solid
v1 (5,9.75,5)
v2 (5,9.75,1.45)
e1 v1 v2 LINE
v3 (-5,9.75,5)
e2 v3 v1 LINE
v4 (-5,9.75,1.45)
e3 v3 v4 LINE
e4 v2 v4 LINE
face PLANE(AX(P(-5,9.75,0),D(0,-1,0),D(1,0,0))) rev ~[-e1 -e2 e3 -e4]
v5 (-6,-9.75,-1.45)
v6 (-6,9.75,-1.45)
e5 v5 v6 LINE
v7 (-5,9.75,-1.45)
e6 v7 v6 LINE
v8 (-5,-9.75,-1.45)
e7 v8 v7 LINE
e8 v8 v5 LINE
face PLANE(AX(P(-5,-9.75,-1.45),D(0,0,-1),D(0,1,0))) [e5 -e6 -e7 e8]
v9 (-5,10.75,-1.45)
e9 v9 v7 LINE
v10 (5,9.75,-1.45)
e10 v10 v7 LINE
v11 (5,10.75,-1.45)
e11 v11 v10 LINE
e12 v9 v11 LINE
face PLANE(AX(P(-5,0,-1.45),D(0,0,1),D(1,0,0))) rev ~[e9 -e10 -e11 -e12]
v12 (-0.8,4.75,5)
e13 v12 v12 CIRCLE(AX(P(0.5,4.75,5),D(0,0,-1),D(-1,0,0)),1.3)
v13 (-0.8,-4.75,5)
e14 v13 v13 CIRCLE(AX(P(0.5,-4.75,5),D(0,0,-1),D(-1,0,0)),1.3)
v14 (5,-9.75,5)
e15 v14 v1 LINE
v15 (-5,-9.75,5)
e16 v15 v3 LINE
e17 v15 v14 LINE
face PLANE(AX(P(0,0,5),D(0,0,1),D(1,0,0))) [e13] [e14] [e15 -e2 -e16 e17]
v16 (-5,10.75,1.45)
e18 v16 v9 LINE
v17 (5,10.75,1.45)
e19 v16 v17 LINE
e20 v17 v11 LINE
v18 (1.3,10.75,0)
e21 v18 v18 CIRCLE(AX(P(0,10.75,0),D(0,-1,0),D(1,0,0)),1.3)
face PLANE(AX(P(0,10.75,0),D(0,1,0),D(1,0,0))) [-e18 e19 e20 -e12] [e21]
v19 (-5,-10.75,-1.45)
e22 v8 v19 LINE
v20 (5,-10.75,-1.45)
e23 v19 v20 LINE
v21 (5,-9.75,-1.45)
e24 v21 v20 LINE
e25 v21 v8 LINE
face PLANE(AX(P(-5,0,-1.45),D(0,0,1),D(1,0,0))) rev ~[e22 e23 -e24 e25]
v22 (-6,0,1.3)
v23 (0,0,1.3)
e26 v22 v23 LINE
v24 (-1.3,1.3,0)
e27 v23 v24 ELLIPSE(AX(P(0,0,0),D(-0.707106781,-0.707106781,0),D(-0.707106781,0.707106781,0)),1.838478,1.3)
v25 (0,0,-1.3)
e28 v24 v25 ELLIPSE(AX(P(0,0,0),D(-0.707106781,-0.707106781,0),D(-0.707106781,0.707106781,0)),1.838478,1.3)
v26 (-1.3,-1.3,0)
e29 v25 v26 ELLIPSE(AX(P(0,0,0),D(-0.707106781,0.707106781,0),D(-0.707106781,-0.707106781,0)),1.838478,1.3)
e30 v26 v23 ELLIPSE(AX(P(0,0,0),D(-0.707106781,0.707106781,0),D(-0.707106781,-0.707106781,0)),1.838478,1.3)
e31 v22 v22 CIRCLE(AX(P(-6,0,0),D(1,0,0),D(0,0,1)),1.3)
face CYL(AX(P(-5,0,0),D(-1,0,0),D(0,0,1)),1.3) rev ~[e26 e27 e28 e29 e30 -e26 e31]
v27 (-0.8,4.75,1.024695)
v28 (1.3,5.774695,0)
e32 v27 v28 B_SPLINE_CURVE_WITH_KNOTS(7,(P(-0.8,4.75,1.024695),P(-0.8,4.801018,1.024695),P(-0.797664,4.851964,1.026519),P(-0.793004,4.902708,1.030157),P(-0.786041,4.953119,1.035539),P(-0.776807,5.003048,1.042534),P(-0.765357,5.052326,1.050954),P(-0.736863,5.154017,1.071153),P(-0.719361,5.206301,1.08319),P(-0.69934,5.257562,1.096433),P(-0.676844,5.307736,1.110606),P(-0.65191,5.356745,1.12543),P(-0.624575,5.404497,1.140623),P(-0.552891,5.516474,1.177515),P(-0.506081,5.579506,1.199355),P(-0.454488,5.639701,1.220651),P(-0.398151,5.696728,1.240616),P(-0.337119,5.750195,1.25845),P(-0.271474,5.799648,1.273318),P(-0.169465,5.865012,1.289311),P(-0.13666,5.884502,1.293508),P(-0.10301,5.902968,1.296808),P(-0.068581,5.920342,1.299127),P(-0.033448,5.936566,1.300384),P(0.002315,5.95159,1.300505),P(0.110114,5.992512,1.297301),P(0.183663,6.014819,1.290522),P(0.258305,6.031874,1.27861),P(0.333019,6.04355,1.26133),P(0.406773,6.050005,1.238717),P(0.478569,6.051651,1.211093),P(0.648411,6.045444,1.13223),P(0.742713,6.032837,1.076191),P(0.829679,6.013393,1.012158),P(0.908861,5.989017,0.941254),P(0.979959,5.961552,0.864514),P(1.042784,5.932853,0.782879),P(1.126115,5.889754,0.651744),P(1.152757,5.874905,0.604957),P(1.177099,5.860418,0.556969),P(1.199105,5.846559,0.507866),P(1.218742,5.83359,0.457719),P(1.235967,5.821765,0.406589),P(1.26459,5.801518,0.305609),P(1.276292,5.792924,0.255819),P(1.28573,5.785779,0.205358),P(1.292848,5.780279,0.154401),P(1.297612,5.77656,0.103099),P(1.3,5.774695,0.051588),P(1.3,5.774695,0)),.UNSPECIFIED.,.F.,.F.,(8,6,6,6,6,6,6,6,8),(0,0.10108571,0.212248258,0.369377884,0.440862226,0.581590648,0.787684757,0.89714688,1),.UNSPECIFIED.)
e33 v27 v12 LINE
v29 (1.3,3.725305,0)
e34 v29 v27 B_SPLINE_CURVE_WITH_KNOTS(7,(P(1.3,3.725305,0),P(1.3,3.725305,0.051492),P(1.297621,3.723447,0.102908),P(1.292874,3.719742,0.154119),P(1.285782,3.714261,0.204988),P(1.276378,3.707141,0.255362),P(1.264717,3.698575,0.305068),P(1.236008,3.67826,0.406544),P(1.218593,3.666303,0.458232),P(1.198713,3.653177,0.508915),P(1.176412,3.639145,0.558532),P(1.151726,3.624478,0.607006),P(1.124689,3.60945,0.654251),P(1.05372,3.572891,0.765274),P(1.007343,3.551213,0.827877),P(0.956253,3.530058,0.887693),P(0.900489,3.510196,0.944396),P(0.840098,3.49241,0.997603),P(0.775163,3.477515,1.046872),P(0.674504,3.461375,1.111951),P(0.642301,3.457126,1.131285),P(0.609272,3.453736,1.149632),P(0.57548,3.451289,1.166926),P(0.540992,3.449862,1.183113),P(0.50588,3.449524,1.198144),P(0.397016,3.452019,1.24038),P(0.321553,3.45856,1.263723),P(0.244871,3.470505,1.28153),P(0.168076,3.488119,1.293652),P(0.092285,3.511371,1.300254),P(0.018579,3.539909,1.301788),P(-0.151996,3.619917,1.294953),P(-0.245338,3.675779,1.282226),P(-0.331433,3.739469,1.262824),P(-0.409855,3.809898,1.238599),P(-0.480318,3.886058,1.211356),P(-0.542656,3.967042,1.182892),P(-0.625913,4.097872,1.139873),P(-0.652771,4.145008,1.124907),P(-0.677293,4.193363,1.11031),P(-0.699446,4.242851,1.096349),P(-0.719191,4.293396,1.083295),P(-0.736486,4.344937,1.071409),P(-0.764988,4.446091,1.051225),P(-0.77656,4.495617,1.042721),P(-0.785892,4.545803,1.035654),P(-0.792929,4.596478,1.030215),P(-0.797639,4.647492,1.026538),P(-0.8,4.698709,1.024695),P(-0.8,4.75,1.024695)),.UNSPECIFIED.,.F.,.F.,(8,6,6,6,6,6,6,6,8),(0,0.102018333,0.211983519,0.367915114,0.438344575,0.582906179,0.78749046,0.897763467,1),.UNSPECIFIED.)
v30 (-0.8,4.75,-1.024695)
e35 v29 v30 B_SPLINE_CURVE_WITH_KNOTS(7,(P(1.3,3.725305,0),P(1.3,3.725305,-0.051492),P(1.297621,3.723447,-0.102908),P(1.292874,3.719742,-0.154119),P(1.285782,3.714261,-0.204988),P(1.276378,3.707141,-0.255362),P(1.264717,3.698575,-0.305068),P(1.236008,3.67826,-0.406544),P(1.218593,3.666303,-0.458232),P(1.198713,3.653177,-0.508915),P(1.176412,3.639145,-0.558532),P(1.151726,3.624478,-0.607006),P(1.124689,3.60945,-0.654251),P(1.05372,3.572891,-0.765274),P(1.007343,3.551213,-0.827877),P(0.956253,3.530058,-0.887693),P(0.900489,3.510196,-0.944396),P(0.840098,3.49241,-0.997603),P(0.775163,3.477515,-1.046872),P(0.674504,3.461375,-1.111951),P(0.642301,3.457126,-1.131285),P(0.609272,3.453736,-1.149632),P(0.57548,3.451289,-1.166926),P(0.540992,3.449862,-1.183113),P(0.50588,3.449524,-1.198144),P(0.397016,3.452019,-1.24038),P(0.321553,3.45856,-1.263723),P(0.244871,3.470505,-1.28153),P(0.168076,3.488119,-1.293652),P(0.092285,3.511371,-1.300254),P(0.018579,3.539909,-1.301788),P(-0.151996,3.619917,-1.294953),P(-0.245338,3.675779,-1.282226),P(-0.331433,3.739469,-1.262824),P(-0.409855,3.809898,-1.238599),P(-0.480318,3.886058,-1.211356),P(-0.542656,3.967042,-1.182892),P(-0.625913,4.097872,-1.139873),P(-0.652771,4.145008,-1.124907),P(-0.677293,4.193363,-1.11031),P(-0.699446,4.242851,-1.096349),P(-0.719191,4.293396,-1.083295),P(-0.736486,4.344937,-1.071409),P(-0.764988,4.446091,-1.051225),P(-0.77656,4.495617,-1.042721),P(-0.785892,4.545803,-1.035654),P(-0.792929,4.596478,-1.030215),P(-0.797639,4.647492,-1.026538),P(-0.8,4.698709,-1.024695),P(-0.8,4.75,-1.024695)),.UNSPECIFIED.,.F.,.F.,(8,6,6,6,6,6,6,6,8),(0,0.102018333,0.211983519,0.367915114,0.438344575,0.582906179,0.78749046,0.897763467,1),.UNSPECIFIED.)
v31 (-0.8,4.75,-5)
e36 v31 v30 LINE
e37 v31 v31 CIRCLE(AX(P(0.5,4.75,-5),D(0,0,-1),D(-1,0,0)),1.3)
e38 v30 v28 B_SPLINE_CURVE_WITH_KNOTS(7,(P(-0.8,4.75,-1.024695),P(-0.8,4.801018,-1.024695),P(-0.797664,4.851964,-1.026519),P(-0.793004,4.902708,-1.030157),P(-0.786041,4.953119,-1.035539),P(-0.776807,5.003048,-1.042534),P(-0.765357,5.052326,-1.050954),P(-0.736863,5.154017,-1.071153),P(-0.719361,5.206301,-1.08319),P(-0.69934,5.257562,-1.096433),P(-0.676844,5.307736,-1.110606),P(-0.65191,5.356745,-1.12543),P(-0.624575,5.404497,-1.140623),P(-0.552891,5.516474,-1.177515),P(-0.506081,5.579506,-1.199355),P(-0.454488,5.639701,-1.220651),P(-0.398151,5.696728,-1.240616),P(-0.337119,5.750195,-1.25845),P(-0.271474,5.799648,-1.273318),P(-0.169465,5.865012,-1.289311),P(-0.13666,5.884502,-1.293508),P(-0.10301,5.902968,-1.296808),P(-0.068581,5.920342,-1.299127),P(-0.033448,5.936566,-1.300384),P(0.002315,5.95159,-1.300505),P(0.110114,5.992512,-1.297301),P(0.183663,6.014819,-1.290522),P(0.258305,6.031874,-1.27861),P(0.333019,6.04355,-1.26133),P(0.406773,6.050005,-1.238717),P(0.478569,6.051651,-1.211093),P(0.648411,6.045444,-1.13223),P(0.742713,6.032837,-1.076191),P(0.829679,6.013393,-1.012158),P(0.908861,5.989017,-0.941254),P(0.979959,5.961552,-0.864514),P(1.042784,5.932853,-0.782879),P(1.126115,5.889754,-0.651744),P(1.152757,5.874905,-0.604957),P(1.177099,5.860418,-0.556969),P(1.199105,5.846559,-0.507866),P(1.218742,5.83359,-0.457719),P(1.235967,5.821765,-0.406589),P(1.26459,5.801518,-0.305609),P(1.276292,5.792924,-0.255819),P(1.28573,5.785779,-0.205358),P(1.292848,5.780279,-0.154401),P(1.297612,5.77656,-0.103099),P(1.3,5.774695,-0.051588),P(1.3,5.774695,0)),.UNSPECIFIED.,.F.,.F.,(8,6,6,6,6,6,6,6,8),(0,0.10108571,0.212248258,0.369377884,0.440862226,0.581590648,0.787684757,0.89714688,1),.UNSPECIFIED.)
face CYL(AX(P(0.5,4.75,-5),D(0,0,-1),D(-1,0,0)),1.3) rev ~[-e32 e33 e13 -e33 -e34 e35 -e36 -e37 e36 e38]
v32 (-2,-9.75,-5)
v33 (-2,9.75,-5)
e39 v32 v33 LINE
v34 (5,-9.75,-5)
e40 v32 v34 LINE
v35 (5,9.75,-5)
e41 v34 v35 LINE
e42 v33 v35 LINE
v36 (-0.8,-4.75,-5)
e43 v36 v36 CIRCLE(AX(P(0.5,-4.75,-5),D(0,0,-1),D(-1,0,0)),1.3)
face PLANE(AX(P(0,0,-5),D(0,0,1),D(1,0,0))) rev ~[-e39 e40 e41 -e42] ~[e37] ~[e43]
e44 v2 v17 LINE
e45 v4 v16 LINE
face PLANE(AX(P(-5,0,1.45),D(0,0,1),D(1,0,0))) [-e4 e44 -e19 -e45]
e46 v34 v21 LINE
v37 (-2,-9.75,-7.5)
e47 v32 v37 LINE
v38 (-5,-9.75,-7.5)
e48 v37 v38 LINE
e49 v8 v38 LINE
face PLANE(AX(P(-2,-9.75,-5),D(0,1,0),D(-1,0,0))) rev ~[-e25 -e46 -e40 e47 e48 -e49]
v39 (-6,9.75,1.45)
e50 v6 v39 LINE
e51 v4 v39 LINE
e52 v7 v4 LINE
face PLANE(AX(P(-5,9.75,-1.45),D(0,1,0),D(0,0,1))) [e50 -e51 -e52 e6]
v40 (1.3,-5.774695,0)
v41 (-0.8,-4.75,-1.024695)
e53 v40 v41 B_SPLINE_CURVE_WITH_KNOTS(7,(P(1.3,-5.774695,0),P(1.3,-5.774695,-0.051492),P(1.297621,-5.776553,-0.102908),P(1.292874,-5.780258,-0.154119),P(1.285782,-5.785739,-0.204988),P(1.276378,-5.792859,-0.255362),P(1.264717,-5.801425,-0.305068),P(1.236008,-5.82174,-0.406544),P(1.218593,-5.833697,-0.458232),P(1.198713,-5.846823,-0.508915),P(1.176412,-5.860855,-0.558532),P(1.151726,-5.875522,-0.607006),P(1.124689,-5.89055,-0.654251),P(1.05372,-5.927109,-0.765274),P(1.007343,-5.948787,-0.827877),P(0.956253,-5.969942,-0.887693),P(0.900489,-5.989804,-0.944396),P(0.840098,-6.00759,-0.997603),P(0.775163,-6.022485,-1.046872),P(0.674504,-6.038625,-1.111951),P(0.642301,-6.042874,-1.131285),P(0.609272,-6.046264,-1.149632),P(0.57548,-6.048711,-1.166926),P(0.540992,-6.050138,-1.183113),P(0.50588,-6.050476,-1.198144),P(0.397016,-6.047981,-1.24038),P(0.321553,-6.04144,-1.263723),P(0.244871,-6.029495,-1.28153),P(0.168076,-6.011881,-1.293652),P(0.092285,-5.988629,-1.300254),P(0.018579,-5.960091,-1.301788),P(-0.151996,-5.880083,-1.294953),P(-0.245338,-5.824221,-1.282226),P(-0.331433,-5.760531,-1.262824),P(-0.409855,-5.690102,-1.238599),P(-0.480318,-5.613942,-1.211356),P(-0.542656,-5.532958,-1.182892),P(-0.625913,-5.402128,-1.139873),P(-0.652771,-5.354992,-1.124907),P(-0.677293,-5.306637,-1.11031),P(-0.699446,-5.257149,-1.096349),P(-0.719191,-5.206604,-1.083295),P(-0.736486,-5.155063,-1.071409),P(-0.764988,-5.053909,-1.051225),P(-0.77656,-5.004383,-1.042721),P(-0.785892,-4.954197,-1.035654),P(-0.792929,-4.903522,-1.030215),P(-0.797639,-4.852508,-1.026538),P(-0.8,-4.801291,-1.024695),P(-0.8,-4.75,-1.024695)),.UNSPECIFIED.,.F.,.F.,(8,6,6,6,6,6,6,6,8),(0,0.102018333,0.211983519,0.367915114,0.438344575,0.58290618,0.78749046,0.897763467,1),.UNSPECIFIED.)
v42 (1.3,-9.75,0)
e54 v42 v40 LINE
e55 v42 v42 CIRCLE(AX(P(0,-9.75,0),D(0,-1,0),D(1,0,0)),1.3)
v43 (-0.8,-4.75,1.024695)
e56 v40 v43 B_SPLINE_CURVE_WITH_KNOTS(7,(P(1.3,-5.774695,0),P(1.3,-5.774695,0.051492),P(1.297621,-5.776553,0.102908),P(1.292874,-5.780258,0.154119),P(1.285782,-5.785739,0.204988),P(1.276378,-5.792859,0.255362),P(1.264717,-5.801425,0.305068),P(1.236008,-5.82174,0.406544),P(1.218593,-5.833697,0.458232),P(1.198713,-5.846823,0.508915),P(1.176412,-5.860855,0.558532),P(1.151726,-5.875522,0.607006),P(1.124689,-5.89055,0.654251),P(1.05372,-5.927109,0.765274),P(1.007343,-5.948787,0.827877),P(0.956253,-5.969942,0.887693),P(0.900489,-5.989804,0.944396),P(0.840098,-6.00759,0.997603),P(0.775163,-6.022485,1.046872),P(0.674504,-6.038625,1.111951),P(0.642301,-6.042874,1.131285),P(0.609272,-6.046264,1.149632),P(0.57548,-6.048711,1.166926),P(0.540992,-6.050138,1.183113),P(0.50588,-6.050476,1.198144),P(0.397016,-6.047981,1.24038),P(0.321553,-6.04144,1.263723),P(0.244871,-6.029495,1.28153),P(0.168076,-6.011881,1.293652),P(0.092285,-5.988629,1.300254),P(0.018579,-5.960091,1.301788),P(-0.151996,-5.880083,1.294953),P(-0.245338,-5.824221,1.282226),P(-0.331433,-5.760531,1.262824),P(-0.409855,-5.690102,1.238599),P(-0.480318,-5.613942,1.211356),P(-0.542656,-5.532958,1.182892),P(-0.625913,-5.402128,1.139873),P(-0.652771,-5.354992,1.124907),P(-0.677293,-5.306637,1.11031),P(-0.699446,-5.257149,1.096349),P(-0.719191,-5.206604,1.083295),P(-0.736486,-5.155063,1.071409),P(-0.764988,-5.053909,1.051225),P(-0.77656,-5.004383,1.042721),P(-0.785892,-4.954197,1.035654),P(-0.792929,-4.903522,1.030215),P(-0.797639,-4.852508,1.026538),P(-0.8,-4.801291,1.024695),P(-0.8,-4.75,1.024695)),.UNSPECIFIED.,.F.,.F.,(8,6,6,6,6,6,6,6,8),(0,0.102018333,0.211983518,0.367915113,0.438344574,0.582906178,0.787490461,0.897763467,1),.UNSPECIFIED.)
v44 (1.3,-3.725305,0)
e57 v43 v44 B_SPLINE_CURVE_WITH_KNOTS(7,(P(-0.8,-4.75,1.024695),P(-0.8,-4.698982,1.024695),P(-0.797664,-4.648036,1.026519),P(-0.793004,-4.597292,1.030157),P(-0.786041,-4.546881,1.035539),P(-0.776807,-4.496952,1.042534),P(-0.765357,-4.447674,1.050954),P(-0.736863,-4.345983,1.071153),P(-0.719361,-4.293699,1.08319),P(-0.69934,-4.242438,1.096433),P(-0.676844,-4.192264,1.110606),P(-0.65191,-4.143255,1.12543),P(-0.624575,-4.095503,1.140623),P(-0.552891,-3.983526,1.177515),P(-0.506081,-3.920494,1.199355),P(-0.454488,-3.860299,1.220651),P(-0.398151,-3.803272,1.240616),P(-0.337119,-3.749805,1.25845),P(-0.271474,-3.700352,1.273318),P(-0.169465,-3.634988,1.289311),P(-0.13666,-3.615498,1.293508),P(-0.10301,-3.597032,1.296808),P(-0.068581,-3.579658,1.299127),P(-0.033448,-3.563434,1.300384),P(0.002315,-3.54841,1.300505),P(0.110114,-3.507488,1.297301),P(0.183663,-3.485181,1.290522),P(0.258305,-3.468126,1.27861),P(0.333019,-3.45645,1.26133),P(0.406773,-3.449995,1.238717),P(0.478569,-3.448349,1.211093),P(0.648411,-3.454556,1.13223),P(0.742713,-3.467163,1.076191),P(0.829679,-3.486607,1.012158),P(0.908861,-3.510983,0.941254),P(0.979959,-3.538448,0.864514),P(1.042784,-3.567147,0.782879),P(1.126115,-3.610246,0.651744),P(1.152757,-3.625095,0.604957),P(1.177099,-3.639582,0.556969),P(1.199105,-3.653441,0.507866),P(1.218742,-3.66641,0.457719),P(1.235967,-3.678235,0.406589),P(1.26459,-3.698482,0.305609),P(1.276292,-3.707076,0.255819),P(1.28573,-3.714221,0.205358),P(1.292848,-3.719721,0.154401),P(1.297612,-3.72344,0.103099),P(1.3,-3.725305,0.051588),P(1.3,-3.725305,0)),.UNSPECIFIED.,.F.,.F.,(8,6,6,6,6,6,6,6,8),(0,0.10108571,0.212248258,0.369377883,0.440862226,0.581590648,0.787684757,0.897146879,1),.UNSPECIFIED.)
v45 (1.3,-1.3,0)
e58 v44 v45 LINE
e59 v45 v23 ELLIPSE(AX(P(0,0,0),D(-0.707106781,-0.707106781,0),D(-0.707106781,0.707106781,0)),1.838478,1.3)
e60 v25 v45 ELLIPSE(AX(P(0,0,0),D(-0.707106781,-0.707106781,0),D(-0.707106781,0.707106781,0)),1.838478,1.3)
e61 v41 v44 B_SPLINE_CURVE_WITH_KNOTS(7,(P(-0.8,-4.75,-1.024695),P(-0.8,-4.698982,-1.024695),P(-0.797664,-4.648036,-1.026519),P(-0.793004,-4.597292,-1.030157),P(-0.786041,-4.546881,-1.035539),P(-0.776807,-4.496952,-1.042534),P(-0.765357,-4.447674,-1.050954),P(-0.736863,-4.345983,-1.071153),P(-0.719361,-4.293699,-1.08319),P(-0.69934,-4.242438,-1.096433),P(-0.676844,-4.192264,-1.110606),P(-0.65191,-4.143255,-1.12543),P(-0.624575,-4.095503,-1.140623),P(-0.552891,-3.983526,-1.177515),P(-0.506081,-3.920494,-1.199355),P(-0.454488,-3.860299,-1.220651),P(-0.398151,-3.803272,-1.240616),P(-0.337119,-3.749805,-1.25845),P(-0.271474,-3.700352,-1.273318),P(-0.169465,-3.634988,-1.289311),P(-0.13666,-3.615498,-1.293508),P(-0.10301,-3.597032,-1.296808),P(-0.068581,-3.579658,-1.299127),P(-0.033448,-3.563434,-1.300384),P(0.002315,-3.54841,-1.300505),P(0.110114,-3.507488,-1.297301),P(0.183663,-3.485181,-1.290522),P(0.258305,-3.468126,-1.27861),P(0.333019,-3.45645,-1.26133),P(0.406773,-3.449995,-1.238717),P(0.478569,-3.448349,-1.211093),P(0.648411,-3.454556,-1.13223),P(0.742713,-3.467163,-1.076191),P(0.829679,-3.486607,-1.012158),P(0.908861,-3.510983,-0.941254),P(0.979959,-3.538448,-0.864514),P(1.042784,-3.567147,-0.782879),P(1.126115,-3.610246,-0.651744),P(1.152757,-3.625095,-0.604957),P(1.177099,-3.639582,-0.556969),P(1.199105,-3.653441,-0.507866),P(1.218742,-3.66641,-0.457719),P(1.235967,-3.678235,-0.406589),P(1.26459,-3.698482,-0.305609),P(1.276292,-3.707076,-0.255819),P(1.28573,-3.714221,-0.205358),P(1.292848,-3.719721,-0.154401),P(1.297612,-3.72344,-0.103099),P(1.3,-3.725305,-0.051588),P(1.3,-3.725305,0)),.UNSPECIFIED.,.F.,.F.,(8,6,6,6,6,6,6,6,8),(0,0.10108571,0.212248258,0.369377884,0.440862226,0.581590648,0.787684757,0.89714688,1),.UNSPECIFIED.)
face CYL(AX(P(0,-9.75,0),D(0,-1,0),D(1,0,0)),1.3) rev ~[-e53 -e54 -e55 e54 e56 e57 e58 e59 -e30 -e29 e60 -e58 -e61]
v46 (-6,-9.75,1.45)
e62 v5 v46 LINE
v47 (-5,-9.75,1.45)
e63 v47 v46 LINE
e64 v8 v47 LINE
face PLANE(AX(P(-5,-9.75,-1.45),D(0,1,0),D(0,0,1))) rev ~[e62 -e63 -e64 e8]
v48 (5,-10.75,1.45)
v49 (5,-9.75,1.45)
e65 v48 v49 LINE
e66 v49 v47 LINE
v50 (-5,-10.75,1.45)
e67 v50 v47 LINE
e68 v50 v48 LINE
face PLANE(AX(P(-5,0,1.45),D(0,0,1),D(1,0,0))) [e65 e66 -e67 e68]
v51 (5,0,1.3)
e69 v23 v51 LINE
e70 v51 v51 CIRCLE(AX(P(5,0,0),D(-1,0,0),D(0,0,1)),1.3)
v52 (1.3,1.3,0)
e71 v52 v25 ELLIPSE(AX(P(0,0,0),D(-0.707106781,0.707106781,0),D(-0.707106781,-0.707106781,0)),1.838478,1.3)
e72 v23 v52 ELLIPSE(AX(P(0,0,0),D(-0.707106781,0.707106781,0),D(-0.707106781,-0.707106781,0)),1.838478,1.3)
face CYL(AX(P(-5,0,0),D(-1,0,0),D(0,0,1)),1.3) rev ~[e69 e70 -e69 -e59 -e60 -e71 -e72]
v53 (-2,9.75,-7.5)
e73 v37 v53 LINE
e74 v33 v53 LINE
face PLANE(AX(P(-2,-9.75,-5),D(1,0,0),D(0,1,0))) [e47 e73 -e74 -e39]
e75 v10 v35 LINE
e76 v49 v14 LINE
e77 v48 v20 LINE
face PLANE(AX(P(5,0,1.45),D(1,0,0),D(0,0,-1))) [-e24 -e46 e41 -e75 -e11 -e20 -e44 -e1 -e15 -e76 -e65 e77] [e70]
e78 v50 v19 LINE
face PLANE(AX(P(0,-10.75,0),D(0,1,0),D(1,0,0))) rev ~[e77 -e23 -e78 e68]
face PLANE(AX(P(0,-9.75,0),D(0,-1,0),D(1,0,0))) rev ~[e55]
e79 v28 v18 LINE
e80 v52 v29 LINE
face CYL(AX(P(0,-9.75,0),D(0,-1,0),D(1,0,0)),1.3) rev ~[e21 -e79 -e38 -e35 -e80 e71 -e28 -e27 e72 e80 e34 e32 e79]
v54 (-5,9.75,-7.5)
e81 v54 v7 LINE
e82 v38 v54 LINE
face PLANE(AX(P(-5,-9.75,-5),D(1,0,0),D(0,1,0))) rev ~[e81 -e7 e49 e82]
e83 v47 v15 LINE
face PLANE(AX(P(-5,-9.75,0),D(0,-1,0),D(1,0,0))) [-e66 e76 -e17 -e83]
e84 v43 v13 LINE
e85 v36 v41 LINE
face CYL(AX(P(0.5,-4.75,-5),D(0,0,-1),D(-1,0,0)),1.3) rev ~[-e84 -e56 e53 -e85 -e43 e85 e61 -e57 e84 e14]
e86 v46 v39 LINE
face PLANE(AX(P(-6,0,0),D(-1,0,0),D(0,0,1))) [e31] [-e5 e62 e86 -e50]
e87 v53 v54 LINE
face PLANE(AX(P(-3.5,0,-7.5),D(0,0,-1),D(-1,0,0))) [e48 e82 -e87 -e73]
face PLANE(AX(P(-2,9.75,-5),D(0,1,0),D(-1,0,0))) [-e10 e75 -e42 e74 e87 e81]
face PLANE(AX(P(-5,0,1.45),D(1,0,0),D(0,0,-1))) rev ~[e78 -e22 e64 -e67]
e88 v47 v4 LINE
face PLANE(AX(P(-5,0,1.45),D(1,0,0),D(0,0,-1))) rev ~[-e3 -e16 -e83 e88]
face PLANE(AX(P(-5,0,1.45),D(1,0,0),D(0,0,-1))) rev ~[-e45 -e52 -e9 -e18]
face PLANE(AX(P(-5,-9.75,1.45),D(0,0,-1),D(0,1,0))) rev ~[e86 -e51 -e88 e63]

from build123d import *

# Parameters (mm, degrees)
ESQUISSE1_W                = 10
ESQUISSE1_H                = 19.5
MAIN_DEPTH                 = 5
SKETCH2_W                  = 10
SKETCH2_H                  = 2.9
MAKERBEAMSIDESUPPORT_DEPTH = 10.75
SKETCH3_W                  = 2.9
SKETCH3_H                  = 19.5
MAKERBEAMTOPSUPPORT_DEPTH  = 1
ESQUISSE2_R                = 1.3
SERVOFIXINGHOLES_DEPTH     = 10
ESQUISSE3_R                = 1.3
SIDEHOLES_DEPTH            = 2
SIDEHOLES_DEPTH_BACK       = 11
ESQUISSE4_R                = 1.3
TOPHOLES_DEPTH             = 21.5
SKETCH1_W                  = 3
SKETCH1_H                  = 19.5
BOSS_EXTRUDE1_DEPTH        = 2.5


with BuildPart() as part:
    # Esquisse1 → Main (new body, symmetric)
    with BuildSketch(Plane.XY):
        Rectangle(ESQUISSE1_W, ESQUISSE1_H)
    extrude(amount=MAIN_DEPTH, both=True)

    # Sketch2 → MakerBeamSideSupport (add, symmetric)
    with BuildSketch(Plane(origin=(0, 0, 0), x_dir=(1, 0, 0), z_dir=(0, 1, 0))):
        Rectangle(SKETCH2_W, SKETCH2_H)
    extrude(amount=MAKERBEAMSIDESUPPORT_DEPTH, both=True)

    # Sketch3 → MakerBeamTopSupport (add)
    with BuildSketch(Plane.ZY.offset(5)):
        Rectangle(SKETCH3_W, SKETCH3_H)
    extrude(amount=MAKERBEAMTOPSUPPORT_DEPTH)

    # Esquisse2 → ServoFixingHoles (cut)
    with BuildSketch(Plane(origin=(0, 0, -5), x_dir=(-1, 0, 0), z_dir=(0, 0, -1))):
        with Locations((-0.5, 4.75)):
            Circle(ESQUISSE2_R)
        with Locations((-0.5, -4.75)):
            Circle(ESQUISSE2_R)
    extrude(amount=-SERVOFIXINGHOLES_DEPTH, mode=Mode.SUBTRACT)

    # Esquisse3 → SideHoles (cut, two sides)
    with BuildSketch(Plane.ZY.offset(5)) as sideholes_sk:
        Circle(ESQUISSE3_R)
    extrude(amount=SIDEHOLES_DEPTH, mode=Mode.SUBTRACT)
    extrude(sideholes_sk.sketch, amount=-SIDEHOLES_DEPTH_BACK, mode=Mode.SUBTRACT)

    # Esquisse4 → TopHoles (cut, through all)
    with BuildSketch(Plane.XZ.offset(9.75)):
        Circle(ESQUISSE4_R)
    extrude(amount=-TOPHOLES_DEPTH, mode=Mode.SUBTRACT)

    # Sketch1 → Boss-Extrude1 (add)
    with BuildSketch(Plane(origin=(0, 0, -5), x_dir=(-1, 0, 0), z_dir=(0, 0, -1))):
        with Locations((3.5, 0)):
            Rectangle(SKETCH1_W, SKETCH1_H)
    extrude(amount=BOSS_EXTRUDE1_DEPTH)


solid = part.part
